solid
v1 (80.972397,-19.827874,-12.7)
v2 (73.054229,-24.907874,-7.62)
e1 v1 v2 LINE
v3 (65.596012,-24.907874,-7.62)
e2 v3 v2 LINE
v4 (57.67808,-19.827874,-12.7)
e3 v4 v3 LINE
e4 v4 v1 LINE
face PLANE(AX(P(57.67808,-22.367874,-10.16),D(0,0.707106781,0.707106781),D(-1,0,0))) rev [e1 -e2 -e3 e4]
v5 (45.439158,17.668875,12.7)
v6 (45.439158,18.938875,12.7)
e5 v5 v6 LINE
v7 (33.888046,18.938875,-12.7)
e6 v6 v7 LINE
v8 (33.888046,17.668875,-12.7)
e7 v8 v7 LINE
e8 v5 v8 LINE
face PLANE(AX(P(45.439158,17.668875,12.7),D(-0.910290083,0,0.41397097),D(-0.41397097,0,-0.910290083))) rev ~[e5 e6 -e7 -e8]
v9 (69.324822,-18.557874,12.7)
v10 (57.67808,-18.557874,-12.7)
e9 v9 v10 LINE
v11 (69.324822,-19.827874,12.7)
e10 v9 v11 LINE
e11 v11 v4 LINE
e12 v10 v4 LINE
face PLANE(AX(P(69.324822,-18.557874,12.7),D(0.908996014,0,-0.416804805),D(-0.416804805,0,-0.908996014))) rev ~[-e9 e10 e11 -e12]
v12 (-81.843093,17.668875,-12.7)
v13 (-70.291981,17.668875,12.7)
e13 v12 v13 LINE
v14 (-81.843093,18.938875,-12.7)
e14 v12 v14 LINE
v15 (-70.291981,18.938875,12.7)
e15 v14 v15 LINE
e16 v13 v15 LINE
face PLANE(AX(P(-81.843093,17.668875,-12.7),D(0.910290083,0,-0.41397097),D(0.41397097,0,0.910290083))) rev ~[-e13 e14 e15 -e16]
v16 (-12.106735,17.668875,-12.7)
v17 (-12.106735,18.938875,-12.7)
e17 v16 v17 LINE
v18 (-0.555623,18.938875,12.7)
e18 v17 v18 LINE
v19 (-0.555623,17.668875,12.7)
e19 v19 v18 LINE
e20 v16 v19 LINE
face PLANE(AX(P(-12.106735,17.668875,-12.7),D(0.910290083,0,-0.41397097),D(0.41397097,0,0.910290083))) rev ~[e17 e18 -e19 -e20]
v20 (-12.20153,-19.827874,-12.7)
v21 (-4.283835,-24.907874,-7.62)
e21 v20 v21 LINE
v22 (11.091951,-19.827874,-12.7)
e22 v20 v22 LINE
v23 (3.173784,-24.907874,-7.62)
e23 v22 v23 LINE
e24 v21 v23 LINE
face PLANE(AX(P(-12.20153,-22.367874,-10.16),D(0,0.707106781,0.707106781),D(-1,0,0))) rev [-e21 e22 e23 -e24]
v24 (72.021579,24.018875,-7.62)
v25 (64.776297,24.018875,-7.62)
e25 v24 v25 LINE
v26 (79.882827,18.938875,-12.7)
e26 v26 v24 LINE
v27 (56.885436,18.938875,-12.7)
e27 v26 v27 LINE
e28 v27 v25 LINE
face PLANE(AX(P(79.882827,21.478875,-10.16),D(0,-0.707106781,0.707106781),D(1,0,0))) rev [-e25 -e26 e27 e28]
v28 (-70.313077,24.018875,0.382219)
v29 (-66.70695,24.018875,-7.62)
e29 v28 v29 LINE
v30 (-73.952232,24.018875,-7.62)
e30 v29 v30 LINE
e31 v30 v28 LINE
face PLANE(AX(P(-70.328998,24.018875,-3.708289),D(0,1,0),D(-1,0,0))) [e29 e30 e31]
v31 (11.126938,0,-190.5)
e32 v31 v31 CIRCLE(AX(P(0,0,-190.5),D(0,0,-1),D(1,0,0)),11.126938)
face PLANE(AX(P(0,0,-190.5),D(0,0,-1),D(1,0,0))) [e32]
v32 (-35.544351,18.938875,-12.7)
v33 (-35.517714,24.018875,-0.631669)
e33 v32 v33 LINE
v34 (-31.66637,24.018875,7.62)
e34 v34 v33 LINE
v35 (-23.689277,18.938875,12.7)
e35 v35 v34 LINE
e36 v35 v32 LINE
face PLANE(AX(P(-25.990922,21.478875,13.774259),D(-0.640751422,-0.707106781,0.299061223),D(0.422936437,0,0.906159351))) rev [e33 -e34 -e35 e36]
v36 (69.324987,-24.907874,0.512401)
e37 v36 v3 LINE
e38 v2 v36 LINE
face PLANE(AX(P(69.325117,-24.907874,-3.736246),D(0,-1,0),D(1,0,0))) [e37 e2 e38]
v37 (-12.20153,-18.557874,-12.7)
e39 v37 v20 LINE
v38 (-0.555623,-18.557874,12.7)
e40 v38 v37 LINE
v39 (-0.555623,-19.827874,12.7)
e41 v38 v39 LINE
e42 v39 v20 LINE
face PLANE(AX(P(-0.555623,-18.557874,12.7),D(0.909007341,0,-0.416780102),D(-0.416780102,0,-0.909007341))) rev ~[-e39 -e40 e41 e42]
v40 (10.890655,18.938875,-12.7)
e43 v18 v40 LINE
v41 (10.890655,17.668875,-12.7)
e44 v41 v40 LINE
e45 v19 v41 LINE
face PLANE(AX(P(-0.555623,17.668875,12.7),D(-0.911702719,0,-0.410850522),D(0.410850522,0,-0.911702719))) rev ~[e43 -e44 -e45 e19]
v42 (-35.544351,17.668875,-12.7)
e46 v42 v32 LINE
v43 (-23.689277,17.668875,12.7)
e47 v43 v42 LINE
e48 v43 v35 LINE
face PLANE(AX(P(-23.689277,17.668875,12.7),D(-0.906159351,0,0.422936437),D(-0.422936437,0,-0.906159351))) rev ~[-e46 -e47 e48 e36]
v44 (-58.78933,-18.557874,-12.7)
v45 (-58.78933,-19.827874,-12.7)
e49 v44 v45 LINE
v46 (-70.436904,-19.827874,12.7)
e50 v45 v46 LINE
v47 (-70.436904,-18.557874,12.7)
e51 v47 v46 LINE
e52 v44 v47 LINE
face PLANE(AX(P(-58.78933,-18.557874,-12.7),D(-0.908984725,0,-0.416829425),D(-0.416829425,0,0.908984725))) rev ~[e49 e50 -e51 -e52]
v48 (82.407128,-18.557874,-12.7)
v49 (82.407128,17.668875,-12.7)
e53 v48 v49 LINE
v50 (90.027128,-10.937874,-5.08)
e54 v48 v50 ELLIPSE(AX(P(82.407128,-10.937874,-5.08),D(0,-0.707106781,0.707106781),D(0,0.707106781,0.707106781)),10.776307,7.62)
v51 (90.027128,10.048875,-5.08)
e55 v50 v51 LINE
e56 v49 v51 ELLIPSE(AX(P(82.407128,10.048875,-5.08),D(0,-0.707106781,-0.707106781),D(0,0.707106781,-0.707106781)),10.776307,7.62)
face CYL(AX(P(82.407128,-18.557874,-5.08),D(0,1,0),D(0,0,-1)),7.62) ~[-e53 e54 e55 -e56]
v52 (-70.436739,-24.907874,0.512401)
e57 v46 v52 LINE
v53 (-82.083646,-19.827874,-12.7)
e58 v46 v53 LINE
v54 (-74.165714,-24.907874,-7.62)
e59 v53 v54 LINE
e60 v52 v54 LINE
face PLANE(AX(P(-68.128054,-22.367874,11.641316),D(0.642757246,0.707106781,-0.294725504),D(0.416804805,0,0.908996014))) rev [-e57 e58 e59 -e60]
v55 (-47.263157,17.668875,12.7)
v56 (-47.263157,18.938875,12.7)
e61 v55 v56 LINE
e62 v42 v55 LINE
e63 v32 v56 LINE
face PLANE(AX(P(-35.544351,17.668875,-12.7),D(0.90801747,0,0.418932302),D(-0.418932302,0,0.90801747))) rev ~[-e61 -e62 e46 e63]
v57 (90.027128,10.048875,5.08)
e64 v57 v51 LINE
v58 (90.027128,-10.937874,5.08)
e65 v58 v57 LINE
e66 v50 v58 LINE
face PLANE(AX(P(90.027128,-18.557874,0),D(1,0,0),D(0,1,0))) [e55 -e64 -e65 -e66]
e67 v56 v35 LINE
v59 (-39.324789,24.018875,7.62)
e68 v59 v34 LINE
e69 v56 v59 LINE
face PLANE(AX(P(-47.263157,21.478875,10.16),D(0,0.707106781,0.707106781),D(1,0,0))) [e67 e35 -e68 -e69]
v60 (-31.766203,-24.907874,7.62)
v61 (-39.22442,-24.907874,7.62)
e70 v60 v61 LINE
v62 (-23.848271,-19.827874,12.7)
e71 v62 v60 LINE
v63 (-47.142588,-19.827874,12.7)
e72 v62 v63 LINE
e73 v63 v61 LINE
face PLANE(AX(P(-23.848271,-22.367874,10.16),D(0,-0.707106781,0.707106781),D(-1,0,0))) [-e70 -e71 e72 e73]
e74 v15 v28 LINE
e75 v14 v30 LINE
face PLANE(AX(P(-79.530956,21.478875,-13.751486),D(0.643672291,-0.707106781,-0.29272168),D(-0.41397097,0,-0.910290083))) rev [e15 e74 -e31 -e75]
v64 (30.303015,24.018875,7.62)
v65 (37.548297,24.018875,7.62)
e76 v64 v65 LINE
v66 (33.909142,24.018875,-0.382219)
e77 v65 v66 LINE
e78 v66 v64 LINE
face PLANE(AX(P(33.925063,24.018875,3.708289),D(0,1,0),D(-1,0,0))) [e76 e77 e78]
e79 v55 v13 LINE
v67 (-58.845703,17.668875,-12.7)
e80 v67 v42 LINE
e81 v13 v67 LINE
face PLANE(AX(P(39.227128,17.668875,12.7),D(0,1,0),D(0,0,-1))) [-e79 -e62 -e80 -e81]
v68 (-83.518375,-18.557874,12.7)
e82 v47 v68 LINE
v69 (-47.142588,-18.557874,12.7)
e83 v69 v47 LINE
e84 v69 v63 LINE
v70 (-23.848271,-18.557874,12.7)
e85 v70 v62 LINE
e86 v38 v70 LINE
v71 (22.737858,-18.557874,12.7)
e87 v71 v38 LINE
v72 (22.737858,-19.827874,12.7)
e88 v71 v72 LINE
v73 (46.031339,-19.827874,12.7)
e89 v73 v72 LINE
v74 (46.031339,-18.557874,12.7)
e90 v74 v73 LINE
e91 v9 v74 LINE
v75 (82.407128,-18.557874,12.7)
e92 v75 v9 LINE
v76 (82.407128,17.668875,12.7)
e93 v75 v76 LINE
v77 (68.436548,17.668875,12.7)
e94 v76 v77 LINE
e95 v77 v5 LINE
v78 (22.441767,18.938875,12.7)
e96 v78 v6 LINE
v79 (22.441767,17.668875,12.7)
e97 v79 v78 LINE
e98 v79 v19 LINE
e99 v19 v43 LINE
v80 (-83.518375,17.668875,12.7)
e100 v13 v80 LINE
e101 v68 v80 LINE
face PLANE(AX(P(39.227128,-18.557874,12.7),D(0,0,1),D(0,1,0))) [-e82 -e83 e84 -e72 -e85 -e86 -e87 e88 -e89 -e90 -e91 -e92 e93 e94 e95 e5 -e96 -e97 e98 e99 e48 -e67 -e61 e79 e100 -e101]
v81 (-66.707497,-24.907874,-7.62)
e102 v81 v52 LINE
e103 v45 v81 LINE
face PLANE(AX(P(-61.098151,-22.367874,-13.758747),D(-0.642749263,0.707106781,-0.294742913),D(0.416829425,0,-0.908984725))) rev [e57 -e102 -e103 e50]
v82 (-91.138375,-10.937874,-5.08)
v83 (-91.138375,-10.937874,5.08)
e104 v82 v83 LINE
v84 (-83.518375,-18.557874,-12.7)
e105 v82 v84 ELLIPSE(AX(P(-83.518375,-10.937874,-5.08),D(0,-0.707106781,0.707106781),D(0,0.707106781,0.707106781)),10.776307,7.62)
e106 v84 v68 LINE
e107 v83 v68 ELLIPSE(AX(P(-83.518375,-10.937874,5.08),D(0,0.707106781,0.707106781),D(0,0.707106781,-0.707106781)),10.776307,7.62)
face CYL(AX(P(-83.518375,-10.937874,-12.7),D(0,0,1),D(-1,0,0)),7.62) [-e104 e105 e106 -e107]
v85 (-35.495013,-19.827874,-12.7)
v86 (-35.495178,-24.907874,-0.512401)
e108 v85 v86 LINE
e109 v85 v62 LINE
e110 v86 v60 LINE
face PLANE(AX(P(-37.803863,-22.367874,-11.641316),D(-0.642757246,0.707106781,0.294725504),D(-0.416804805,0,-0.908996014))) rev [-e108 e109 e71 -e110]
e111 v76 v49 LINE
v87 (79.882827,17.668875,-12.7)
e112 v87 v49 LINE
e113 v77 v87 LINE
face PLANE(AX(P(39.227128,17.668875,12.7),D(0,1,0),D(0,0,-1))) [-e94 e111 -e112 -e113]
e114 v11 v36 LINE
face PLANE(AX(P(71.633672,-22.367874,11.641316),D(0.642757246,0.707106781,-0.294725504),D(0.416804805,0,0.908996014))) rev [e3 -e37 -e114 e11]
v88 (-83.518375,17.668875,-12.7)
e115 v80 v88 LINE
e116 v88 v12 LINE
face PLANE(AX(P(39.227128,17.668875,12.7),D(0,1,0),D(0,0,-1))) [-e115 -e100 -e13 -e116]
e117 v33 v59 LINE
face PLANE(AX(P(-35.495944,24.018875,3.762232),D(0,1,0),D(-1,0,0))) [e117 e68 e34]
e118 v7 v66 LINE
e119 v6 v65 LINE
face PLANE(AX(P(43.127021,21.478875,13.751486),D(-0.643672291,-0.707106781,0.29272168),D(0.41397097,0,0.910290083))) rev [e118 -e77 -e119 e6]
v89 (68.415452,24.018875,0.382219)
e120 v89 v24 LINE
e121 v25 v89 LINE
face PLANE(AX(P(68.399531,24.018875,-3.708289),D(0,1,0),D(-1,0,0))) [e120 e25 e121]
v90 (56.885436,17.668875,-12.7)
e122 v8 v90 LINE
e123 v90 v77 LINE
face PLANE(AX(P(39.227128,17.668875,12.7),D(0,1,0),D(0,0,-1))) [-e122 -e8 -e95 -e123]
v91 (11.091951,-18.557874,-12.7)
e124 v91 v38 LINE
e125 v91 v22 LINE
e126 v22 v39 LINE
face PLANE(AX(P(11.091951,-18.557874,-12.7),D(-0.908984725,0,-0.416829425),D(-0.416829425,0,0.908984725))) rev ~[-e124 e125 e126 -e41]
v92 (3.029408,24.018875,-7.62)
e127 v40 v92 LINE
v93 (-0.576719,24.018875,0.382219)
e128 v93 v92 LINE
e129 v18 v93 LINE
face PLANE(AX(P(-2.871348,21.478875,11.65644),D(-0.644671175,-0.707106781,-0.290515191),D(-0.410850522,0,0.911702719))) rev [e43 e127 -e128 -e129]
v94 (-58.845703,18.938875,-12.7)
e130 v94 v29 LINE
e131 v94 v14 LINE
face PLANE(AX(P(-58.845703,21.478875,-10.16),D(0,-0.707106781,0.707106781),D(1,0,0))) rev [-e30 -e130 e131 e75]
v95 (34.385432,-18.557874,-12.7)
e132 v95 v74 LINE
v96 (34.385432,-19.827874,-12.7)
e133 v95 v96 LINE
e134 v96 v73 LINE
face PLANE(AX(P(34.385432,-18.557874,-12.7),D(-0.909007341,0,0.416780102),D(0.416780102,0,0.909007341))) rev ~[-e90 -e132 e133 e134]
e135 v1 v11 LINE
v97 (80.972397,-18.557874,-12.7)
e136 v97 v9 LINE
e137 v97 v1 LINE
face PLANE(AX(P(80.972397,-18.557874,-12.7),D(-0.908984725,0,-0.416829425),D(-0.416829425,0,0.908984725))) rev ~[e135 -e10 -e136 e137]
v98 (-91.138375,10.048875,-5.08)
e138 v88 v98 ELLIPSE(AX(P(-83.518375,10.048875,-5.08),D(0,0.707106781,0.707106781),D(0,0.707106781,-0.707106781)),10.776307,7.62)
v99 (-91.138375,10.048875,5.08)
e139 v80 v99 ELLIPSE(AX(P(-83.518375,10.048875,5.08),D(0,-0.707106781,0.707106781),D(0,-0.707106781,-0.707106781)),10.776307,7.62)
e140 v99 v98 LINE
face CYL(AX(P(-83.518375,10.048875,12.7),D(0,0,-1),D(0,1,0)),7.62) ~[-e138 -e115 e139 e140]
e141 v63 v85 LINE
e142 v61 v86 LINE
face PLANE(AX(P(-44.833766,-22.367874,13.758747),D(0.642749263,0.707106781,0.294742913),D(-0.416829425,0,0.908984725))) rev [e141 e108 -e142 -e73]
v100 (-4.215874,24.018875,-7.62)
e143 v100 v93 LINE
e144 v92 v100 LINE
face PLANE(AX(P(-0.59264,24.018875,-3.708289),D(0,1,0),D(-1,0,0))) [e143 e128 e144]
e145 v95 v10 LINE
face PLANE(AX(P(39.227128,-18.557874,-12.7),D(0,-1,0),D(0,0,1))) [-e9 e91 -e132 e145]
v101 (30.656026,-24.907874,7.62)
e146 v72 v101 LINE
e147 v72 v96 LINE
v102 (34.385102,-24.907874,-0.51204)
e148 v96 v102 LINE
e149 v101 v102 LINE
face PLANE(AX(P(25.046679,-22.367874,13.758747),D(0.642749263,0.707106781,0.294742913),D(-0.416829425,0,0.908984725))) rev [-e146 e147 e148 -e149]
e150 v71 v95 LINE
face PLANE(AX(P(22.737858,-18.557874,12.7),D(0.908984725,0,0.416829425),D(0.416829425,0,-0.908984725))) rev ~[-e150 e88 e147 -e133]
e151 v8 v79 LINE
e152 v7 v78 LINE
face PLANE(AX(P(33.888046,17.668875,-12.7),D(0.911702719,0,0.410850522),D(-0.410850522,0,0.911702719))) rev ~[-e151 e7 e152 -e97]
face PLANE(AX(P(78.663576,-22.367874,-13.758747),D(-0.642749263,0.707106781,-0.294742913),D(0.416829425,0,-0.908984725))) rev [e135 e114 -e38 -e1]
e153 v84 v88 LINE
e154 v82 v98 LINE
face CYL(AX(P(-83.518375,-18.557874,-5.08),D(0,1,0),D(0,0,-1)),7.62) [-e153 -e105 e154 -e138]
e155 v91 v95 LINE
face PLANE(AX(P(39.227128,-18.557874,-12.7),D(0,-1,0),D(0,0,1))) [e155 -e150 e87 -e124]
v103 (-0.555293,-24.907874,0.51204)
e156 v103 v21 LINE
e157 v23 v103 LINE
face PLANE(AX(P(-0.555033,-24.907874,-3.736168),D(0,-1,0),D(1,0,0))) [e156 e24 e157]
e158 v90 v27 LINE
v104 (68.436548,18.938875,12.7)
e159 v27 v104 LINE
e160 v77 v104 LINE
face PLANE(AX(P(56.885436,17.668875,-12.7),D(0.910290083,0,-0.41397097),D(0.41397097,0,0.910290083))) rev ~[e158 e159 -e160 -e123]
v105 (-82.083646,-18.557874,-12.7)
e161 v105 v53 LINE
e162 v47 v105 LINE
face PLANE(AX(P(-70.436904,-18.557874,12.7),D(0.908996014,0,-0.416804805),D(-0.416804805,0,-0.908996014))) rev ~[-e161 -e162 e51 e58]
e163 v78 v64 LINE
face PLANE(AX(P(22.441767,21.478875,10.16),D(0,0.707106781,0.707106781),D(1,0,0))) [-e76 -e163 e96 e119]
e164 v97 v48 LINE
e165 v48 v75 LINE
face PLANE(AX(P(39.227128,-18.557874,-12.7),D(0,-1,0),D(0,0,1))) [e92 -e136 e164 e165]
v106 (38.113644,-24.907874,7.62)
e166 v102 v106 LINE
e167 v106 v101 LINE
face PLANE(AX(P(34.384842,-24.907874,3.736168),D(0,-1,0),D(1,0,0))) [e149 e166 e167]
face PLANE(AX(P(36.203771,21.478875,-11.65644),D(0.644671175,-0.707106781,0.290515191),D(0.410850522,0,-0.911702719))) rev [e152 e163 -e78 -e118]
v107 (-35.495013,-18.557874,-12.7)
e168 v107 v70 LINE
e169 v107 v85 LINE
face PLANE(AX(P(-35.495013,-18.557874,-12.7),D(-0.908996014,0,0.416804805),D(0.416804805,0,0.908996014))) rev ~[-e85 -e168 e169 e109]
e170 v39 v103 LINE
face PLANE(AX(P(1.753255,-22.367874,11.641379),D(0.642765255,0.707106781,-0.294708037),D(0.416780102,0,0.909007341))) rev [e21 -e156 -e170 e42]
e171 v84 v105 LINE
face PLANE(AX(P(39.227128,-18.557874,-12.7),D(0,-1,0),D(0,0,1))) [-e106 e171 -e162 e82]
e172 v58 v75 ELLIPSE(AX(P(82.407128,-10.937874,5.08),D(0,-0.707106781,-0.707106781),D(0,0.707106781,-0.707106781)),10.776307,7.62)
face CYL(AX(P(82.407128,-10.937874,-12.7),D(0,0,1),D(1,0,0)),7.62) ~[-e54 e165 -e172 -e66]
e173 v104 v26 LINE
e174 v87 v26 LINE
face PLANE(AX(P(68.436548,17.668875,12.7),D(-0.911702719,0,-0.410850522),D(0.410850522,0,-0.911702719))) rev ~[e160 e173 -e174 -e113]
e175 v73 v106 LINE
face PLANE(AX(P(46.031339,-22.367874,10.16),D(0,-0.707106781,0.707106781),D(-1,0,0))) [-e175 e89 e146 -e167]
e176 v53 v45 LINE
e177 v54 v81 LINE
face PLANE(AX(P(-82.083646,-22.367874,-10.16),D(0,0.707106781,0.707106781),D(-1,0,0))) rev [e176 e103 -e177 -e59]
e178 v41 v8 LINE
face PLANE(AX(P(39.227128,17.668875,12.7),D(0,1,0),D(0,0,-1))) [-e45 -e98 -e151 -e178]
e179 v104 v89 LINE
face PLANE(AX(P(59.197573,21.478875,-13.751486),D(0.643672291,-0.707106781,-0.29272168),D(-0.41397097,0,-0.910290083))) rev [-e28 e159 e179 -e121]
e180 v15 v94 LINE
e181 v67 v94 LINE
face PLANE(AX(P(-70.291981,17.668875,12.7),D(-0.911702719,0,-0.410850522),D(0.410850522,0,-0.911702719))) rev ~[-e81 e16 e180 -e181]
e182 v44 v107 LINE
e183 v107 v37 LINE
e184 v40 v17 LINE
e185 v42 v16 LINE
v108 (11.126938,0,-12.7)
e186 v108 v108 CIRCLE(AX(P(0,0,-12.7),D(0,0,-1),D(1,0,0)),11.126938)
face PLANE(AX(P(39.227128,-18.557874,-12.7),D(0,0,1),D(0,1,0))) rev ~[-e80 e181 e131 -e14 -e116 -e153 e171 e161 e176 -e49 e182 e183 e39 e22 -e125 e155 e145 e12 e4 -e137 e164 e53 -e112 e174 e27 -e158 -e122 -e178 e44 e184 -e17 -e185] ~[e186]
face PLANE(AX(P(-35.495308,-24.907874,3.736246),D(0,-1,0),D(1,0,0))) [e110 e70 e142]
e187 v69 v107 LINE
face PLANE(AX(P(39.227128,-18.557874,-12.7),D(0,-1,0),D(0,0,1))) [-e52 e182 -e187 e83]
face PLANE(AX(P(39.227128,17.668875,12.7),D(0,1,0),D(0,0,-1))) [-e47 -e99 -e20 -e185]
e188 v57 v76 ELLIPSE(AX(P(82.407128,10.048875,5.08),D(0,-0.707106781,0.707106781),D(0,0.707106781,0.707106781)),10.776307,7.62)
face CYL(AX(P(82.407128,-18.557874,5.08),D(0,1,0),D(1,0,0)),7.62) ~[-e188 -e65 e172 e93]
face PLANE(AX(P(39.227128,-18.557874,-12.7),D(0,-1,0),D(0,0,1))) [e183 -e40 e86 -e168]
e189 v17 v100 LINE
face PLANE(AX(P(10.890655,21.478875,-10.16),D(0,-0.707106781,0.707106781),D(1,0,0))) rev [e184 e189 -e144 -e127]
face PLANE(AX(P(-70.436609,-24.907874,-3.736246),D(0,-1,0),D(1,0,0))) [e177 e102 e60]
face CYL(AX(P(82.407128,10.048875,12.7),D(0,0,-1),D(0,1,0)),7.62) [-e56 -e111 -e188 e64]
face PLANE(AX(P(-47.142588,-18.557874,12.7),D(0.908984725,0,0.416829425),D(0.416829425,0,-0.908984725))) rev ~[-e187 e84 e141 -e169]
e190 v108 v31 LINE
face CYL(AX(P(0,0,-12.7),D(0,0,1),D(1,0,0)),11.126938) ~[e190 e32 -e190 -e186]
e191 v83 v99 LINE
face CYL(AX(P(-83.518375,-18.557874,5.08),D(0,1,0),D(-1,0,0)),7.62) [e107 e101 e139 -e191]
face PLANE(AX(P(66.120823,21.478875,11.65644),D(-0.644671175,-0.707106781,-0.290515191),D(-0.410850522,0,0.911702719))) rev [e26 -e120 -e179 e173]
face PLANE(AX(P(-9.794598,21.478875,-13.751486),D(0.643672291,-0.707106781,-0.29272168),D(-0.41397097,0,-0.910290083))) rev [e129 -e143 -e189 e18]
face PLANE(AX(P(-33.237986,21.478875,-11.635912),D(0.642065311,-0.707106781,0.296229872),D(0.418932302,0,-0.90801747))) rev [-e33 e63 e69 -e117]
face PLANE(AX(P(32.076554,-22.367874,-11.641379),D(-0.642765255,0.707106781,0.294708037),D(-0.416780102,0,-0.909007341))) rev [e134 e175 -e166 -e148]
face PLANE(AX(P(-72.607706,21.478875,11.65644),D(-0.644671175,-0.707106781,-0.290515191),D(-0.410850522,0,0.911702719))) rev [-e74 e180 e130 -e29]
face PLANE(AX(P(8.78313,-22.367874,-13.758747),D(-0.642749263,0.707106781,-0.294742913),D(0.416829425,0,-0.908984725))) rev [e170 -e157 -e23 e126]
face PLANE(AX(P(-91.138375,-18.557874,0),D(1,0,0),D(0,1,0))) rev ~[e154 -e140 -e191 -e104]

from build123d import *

# Parameters (mm, degrees)
F0_W      = 79.5655027032
F0_H      = 36.2267494202
F1_DEPTH  = 12.7
F2_DEPTH  = 12.7
F3_R      = 11.1269376105
F4_DEPTH  = 177.8
F7_DEPTH  = 50.8
F8_DEPTH  = 50.8
F11_DEPTH = 6.35
F12_SIZE  = 5.08
F13_DEPTH = 6.35
F14_SIZE  = 5.08
F15_R     = 7.62
F16_R     = 7.62


with BuildPart() as f1:
    # F0 (on Top) → F1 (new body)
    with BuildSketch(Plane.XY):
        with Locations((-0.5556233227, -0.4444997758)):
            Rectangle(F0_W, F0_H)
    extrude(amount=F1_DEPTH)

    # F2 (add): a face of the model
    f2_faces = [f1.faces().sort_by_distance(p)[0] for p in [
        (-0.5556233227, -0.4444997758, 0),
    ]]
    extrude(f2_faces, amount=F2_DEPTH)

    # F3 (on face) → F4 (join)
    with BuildSketch(Plane(origin=(0, 0, -12.7), x_dir=(1, 0, 0), z_dir=(0, 0, -1))):
        Circle(F3_R)
    extrude(amount=F4_DEPTH)

    # F7 (add): a face of the model
    f7_faces = [f1.faces().sort_by_distance(p)[0] for p in [
        (-40.3383746743, -0.4444997758, 0),
    ]]
    extrude(f7_faces, amount=F7_DEPTH)

    # F8 (add): a face of the model
    f8_faces = [f1.faces().sort_by_distance(p)[0] for p in [
        (39.2271280289, -0.4444997758, 0),
    ]]
    extrude(f8_faces, amount=F8_DEPTH)

    # F9 (on face) → F11 (join)
    with BuildSketch(Plane.XZ.offset(18.5578744859)):
        Polygon((11.0919512808, -12.7), (-0.5556233227, 12.7), (-12.2015299276, -12.7), align=None)
        Polygon((46.031339094, 12.7), (22.7378578857, 12.7), (34.3854324892, -12.7), align=None)
        Polygon((69.3248221651, 12.7), (57.6780801639, -12.7), (80.9723967686, -12.7), align=None)
        Polygon((-35.4950129986, -12.7), (-23.8482709974, 12.7), (-47.1425876021, 12.7), align=None)
        Polygon((-82.083646208, -12.7), (-58.7893296033, -12.7), (-70.4369042069, 12.7), align=None)
    extrude(amount=F11_DEPTH)

    # F12
    f12_edges = [f1.edges().sort_by_distance(p)[0] for p in [
        (-70.436488, -24.907874, -12.7),
        (-64.613117, -24.907874, 0),
        (-76.260275, -24.907874, 0),
        (-41.3188, -24.907874, 0),
        (-29.671642, -24.907874, 0),
        (-35.495429, -24.907874, 12.7),
        (5.268164, -24.907874, 0),
        (-6.378577, -24.907874, 0),
        (-0.554789, -24.907874, -12.7),
        (34.384598, -24.907874, 12.7),
        (28.561645, -24.907874, 0),
        (40.208386, -24.907874, 0),
        (75.148609, -24.907874, 0),
        (63.501451, -24.907874, 0),
        (69.325238, -24.907874, -12.7),
    ]]
    chamfer(f12_edges, length=F12_SIZE)

    # F10 (on face) → F13 (join)
    with BuildSketch(Plane(origin=(0, 17.6688749343, 0), x_dir=(-1, 0, 0), z_dir=(0, 1, 0))):
        Polygon((12.1067352593, -12.7), (0.5556233227, 12.7), (-10.8906552196, -12.7), align=None)
        Polygon((47.2631566226, 12.7), (23.6892774701, 12.7), (35.5443507433, -12.7), align=None)
        Polygon((70.291981101, 12.7), (58.8457025588, -12.7), (81.8430930376, -12.7), align=None)
        Polygon((-33.8880456984, -12.7), (-22.4417671561, 12.7), (-45.439157635, 12.7), align=None)
        Polygon((-79.8828266561, -12.7), (-56.8854361773, -12.7), (-68.4365481138, 12.7), align=None)
    extrude(amount=F13_DEPTH)

    # F14
    f14_edges = [f1.edges().sort_by_distance(p)[0] for p in [
        (68.384131, 24.018875, -12.7),
        (62.660992, 24.018875, 0),
        (74.159687, 24.018875, 0),
        (28.164906, 24.018875, 0),
        (33.940462, 24.018875, 12.7),
        (39.663602, 24.018875, 0),
        (-0.60804, 24.018875, -12.7),
        (-6.331179, 24.018875, 0),
        (5.167516, 24.018875, 0),
        (-35.476217, 24.018875, 12.7),
        (-29.616814, 24.018875, 0),
        (-41.403754, 24.018875, 0),
        (-76.067537, 24.018875, 0),
        (-64.568842, 24.018875, 0),
        (-70.344398, 24.018875, -12.7),
    ]]
    chamfer(f14_edges, length=F14_SIZE)

    # F15
    f15_edges = [f1.edges().sort_by_distance(p)[0] for p in [
        (90.027128, -0.4445, 12.7),
        (90.027128, 17.668875, 0),
        (90.027128, -0.4445, -12.7),
        (90.027128, -18.557874, 0),
    ]]
    fillet(f15_edges, radius=F15_R)

    # F16
    f16_edges = [f1.edges().sort_by_distance(p)[0] for p in [
        (-91.138375, 17.668875, 0),
        (-91.138375, -0.4445, 12.7),
        (-91.138375, -18.557874, 0),
        (-91.138375, -0.4445, -12.7),
    ]]
    fillet(f16_edges, radius=F16_R)


solid = f1.part
